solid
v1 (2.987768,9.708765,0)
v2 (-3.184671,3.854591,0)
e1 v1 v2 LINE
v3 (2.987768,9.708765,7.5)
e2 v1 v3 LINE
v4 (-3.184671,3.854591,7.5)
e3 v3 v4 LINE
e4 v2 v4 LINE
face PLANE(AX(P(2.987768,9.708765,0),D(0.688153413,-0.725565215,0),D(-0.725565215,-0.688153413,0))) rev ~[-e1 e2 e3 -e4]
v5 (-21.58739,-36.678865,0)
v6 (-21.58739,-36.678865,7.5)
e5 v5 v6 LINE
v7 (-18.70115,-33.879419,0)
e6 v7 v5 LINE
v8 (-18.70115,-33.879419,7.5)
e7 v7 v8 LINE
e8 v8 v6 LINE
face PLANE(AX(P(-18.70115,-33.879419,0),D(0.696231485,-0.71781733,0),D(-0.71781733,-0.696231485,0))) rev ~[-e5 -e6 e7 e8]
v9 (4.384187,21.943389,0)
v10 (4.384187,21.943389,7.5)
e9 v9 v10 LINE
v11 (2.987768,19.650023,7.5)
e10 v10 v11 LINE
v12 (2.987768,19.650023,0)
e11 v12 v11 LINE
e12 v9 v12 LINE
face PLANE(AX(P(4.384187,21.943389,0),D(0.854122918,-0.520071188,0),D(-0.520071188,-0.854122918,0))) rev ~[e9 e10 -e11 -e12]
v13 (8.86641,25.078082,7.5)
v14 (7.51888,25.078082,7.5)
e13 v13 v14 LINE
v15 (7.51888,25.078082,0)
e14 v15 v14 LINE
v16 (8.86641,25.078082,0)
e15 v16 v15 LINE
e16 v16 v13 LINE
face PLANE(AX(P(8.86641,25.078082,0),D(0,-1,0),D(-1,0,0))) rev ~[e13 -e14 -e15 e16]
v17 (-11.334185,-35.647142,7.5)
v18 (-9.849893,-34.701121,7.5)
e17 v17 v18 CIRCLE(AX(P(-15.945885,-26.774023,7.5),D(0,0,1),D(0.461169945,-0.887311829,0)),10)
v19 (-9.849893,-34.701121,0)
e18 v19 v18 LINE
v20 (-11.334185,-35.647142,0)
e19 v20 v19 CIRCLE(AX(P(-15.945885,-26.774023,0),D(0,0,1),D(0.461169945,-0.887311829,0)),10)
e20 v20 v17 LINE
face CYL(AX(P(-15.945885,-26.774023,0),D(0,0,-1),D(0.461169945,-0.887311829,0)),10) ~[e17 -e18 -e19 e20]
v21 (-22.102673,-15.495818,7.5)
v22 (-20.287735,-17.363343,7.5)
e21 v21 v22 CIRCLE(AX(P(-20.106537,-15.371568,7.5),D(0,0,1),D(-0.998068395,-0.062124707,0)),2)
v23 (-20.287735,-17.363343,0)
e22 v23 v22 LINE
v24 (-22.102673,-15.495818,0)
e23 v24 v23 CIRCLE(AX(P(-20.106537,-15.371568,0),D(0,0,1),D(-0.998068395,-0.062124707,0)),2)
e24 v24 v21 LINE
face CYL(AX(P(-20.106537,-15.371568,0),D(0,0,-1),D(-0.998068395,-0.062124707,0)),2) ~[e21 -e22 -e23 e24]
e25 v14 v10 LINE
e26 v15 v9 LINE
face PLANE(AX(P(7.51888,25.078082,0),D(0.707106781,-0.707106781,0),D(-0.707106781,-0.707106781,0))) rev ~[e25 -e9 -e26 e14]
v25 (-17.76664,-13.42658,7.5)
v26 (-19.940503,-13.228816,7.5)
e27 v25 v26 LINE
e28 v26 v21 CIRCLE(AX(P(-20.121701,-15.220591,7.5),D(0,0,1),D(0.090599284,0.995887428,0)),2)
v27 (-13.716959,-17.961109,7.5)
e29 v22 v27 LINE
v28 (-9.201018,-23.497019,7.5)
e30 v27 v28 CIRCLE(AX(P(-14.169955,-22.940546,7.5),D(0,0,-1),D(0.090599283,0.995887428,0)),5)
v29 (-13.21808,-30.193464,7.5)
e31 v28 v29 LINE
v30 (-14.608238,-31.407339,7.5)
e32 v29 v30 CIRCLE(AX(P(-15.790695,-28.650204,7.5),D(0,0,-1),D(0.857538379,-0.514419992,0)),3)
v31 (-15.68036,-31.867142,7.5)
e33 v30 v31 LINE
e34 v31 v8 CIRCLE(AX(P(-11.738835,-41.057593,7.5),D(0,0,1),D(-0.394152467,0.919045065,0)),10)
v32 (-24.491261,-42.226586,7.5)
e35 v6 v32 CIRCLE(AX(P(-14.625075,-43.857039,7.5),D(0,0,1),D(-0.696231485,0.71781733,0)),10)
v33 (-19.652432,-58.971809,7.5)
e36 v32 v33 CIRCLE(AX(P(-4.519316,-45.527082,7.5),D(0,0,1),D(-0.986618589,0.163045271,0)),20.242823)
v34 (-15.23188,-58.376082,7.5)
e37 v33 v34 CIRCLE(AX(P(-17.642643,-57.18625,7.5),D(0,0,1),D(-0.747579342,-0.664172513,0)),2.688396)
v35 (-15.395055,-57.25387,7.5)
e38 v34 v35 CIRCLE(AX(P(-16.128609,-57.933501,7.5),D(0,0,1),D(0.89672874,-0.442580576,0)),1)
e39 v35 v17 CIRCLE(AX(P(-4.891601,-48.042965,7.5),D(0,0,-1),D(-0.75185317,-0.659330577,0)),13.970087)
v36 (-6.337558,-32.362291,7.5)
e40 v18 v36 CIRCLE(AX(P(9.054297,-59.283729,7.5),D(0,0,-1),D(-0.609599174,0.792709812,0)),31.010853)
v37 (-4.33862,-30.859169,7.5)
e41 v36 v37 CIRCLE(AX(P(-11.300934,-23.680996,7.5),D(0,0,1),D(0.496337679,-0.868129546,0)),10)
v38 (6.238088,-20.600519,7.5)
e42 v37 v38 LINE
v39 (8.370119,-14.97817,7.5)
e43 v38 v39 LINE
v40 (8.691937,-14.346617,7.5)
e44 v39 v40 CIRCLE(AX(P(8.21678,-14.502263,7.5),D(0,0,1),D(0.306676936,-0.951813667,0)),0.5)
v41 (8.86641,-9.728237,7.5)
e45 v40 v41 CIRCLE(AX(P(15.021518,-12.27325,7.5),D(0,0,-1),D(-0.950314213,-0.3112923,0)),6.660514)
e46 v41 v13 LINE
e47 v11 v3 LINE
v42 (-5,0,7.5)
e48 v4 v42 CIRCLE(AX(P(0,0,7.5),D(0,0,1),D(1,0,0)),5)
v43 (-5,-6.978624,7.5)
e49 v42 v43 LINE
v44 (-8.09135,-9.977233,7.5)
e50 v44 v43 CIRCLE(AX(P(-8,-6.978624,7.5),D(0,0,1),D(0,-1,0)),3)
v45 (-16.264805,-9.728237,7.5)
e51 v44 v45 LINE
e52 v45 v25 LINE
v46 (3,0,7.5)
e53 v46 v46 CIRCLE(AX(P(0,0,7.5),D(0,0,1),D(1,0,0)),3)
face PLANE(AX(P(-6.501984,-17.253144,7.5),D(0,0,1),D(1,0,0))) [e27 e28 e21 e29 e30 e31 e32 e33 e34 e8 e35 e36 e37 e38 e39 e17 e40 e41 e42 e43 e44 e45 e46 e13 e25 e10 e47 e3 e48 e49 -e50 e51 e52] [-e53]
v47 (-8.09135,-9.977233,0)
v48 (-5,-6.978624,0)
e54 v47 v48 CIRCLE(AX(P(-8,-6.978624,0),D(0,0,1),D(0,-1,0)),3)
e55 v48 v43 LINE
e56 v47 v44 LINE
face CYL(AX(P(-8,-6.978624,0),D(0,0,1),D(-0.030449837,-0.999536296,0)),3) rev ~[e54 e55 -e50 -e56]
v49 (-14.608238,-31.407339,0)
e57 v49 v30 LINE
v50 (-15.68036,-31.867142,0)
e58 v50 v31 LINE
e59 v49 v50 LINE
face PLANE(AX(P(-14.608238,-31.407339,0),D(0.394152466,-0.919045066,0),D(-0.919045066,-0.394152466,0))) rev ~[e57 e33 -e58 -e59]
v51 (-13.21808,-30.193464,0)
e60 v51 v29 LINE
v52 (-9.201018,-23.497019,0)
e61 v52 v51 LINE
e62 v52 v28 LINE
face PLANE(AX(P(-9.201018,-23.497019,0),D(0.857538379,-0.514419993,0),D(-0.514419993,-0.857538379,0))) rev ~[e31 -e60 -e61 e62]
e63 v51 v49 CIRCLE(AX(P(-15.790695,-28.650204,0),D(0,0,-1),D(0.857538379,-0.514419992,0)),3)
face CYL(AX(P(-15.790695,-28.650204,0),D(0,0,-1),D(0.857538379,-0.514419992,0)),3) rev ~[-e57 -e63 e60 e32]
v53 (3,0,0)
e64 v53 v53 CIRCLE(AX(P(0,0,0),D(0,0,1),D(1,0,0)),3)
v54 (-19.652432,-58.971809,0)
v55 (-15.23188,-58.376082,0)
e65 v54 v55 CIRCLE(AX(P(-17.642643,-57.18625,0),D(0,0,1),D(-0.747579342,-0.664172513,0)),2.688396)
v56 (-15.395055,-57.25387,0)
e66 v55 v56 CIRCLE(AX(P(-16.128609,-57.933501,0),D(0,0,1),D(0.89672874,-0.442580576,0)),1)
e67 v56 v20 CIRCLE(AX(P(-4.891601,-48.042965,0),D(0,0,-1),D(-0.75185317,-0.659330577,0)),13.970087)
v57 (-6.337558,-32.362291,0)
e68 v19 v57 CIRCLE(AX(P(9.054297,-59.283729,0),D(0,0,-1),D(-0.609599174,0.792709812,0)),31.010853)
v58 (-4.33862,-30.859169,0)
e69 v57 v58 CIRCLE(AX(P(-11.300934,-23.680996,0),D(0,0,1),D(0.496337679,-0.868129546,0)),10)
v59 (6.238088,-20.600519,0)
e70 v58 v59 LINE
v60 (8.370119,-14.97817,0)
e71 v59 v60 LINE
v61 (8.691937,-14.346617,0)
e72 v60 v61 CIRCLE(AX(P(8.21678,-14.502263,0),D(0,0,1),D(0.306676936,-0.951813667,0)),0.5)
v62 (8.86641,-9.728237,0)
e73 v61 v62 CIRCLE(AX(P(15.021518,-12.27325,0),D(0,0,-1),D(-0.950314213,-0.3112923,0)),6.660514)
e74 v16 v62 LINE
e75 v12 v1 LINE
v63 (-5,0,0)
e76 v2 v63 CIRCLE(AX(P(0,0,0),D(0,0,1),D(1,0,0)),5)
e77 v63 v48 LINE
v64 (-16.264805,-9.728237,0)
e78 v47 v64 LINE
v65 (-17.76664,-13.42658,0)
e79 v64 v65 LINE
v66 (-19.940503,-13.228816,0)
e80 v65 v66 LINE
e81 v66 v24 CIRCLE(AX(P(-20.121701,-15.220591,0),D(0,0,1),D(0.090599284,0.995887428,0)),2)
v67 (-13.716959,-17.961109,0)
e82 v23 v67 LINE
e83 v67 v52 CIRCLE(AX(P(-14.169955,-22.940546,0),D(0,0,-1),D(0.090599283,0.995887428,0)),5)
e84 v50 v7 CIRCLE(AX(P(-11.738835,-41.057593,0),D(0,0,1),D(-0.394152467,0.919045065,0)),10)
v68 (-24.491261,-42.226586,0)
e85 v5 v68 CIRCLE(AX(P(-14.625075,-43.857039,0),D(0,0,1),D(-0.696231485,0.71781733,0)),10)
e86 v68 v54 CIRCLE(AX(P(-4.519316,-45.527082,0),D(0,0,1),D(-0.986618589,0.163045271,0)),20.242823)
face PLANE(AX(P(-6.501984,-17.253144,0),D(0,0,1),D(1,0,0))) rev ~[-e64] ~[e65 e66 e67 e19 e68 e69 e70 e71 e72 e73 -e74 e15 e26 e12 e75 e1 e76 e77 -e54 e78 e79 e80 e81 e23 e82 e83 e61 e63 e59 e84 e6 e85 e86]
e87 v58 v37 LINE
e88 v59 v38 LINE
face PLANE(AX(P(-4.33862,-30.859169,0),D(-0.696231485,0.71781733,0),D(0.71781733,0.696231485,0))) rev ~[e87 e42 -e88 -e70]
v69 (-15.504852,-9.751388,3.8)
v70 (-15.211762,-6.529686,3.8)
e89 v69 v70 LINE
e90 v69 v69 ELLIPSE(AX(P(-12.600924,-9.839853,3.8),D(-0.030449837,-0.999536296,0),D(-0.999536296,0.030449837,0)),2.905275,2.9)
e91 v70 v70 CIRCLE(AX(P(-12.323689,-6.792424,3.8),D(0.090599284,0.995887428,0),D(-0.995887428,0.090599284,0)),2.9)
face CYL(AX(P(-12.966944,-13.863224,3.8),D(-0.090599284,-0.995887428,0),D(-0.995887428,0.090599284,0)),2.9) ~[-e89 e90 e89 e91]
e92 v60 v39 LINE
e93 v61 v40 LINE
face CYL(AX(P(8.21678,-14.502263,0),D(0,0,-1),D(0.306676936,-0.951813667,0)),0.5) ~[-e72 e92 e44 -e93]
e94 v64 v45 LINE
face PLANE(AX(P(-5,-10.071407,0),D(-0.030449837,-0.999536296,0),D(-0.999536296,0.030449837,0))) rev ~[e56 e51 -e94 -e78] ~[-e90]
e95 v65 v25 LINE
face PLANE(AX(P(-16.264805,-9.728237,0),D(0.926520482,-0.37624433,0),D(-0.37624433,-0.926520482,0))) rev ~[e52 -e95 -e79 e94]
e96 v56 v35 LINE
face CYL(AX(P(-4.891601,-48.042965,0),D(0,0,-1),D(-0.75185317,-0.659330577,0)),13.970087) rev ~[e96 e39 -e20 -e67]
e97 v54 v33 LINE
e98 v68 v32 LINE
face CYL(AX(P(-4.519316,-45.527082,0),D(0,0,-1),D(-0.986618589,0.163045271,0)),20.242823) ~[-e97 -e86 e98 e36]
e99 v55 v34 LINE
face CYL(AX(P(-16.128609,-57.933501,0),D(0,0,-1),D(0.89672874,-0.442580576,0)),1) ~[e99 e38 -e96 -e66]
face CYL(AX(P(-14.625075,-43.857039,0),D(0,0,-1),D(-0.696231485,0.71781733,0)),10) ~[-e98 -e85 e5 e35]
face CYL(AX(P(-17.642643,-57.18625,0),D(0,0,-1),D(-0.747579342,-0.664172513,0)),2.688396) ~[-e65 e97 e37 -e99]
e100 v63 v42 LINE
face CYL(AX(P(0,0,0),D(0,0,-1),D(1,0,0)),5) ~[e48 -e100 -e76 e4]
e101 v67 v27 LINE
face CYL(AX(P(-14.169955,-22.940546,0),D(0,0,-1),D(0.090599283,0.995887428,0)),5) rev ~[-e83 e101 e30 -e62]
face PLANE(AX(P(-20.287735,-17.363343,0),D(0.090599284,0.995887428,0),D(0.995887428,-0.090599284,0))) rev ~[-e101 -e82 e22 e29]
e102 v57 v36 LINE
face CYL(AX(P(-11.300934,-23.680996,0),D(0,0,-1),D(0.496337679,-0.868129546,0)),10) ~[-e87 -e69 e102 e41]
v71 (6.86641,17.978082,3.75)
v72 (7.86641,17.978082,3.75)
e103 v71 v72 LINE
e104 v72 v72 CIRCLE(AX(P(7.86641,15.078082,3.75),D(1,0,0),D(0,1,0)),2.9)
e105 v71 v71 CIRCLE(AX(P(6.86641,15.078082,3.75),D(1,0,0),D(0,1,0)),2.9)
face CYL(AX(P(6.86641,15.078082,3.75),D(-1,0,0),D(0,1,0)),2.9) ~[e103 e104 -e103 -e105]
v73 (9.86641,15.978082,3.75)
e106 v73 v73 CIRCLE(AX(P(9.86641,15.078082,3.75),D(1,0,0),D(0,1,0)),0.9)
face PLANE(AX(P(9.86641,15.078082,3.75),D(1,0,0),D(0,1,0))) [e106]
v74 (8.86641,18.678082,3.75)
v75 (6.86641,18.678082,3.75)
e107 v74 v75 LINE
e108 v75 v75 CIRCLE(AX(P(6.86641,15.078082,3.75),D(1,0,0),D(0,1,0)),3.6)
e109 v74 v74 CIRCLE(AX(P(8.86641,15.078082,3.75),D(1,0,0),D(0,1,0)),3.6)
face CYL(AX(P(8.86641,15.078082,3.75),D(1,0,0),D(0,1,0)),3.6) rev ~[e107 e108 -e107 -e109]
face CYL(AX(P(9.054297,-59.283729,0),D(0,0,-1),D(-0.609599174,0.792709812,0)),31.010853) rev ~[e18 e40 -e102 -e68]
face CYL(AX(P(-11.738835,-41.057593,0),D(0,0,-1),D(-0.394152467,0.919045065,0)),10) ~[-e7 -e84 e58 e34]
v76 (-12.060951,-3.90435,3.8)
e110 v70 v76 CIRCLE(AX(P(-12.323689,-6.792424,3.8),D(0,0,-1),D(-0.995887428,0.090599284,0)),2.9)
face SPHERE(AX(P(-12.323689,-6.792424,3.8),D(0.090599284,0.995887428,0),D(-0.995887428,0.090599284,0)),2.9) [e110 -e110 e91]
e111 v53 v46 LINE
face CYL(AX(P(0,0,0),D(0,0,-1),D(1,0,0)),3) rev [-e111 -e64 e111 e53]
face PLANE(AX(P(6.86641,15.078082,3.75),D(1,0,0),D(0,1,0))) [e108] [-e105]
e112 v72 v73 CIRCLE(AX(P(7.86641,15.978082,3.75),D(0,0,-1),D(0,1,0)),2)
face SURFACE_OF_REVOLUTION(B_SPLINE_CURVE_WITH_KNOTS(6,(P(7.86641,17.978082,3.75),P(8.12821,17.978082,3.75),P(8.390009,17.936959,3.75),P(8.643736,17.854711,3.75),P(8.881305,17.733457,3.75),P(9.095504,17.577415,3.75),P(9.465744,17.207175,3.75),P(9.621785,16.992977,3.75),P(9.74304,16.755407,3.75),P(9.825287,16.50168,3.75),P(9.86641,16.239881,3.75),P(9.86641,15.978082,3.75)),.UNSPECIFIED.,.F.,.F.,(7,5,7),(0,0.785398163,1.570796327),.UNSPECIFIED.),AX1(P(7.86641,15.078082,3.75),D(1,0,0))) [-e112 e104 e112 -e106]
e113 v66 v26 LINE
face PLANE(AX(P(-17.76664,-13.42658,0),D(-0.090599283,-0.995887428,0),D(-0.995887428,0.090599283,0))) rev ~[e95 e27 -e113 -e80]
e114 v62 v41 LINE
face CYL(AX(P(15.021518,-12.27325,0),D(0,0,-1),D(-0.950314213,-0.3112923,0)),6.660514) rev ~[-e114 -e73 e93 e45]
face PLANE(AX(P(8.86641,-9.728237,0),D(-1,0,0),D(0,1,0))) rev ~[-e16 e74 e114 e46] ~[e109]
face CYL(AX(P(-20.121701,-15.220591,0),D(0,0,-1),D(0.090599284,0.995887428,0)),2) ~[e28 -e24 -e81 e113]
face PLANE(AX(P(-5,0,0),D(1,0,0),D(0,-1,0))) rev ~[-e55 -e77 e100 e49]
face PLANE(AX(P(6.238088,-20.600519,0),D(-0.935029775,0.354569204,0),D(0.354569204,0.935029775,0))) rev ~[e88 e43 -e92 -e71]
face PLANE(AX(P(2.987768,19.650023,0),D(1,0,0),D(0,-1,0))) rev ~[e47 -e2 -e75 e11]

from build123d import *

# Parameters (mm, degrees)
SKETCH_1_R          = 5
SKETCH_1_R_2        = 3
EXTRUDE_1_DEPTH     = 7.5
SKETCH_2_R          = 3.6
CUT_EXTRUDE_1_DEPTH = 2
SKETCH_3_R          = 2.9
EXTRUDE_2_DEPTH     = 3
FILLET_1_R          = 2
SKETCH_4_R          = 2.9
EXTRUDE_3_DEPTH     = 10
FILLET_2_R          = 2.9
FILLET_3_R          = 3


with BuildPart() as part:
    # 스케치1 → 보스-돌출1 (new body)
    # profile 1 of 5: a face of its own
    with BuildSketch(Plane.XY):
        with BuildLine():
            Line((8.866410343, 21.94338903), (4.384187039, 21.94338903))
            Line((4.384187039, 21.94338903), (2.987768149, 19.65002342))
            Line((2.987768149, 19.65002342), (2.987768149, 17.661246793))
            Line((2.987768149, 17.661246793), (2.987768149, 9.70876495))
            Line((2.987768149, 9.70876495), (-3.184671245, 3.854590647))
            ThreePointArc((-3.184671245, 3.854590647), (2.13033375, 4.523458645), (5, 0))
            ThreePointArc((5, 0), (0, -5), (-5, 0))
            Line((-5, 0), (-5, -10.071407464))
            Line((-5, -10.071407464), (-16.264805165, -9.728236855))
            Line((-16.264805165, -9.728236855), (-17.766639728, -13.42657959))
            Line((-17.766639728, -13.42657959), (-19.940502755, -13.22881584))
            ThreePointArc((-19.940502755, -13.22881584), (-21.568981751, -13.840235901), (-22.102673306, -15.49581787))
            ThreePointArc((-22.102673306, -15.49581787), (-21.54079944, -16.765444299), (-20.287735083, -17.363343312))
            Line((-20.287735083, -17.363343312), (-13.716958703, -17.9611093))
            ThreePointArc((-13.716958703, -17.9611093), (-10.295562947, -19.77999502), (-9.201017746, -23.497018692))
            Line((-9.201017746, -23.497018692), (-13.218080179, -30.193463728))
            ThreePointArc((-13.218080179, -30.193463728), (-13.817495958, -30.9099569), (-14.608237914, -31.407338947))
            Line((-14.608237914, -31.407338947), (-15.680360182, -31.867141901))
            ThreePointArc((-15.680360182, -31.867141901), (-17.282818205, -32.73507756), (-18.70115036, -33.879419256))
            Line((-18.70115036, -33.879419256), (-21.587390027, -36.678865361))
            ThreePointArc((-21.587390027, -36.678865361), (-23.484754079, -39.219572782), (-24.491261067, -42.226585957))
            ThreePointArc((-24.491261067, -42.226585957), (-23.966473892, -51.146683639), (-19.652431958, -58.971808969))
            ThreePointArc((-19.652431958, -58.971808969), (-17.283591849, -59.850561763), (-15.231880476, -58.376082064))
            ThreePointArc((-15.231880476, -58.376082064), (-15.139015744, -57.789610004), (-15.395055283, -57.253870245))
            ThreePointArc((-15.395055283, -57.253870245), (-18.621303847, -45.462540141), (-11.334185384, -35.647141528))
            ThreePointArc((-11.334185384, -35.647141528), (-10.571184727, -35.206851872), (-9.849893086, -34.701121359))
            ThreePointArc((-9.849893086, -34.701121359), (-8.133553397, -33.471894478), (-6.337557558, -32.362291125))
            ThreePointArc((-6.337557558, -32.362291125), (-5.290911527, -31.673468731), (-4.338619501, -30.85916897))
            Line((-4.338619501, -30.85916897), (6.238088337, -20.600518625))
            Line((6.238088337, -20.600518625), (8.3701186, -14.978169718))
            ThreePointArc((8.3701186, -14.978169718), (8.662275884, -14.729272874), (8.69193724, -14.346616734))
            ThreePointArc((8.69193724, -14.346616734), (8.365752146, -12.021808556), (8.866410343, -9.728236855))
            Line((8.866410343, -9.728236855), (8.866410343, 21.94338903))
        make_face()
    # profile 2 of 5: a face of its own
    with BuildSketch(Plane.XY):
        Circle(SKETCH_1_R)
        Circle(SKETCH_1_R_2, mode=Mode.SUBTRACT)
    # profile 3 of 5: a face of its own
    with BuildSketch(Plane.XY):
        with BuildLine():
            ThreePointArc((5, 0), (2.13033375, 4.523458645), (-3.184671245, 3.854590647))
            ThreePointArc((-3.184671245, 3.854590647), (-4.523458645, 2.13033375), (-5, 0))
            ThreePointArc((-5, 0), (0, -5), (5, 0))
        make_face()
        Circle(SKETCH_1_R_2, mode=Mode.SUBTRACT)
    # profile 4 of 5: a face of its own
    with BuildSketch(Plane.XY):
        Polygon((8.866410343, 25.078081763), (7.518879772, 25.078081763), (4.384187039, 21.94338903), (8.866410343, 21.94338903), align=None)
    # profile 5 of 5: a face of its own
    with BuildSketch(Plane.XY):
        with BuildLine():
            Line((8.866410343, 21.94338903), (4.384187039, 21.94338903))
            Line((4.384187039, 21.94338903), (2.987768149, 19.65002342))
            Line((2.987768149, 19.65002342), (2.987768149, 17.661246793))
            Line((2.987768149, 17.661246793), (2.987768149, 9.70876495))
            Line((2.987768149, 9.70876495), (-3.184671245, 3.854590647))
            ThreePointArc((-3.184671245, 3.854590647), (2.13033375, 4.523458645), (5, 0))
            ThreePointArc((5, 0), (0, -5), (-5, 0))
            Line((-5, 0), (-5, -10.071407464))
            Line((-5, -10.071407464), (-16.264805165, -9.728236855))
            Line((-16.264805165, -9.728236855), (-17.766639728, -13.42657959))
            Line((-17.766639728, -13.42657959), (-19.940502755, -13.22881584))
            ThreePointArc((-19.940502755, -13.22881584), (-21.568981751, -13.840235901), (-22.102673306, -15.49581787))
            ThreePointArc((-22.102673306, -15.49581787), (-21.54079944, -16.765444299), (-20.287735083, -17.363343312))
            Line((-20.287735083, -17.363343312), (-13.716958703, -17.9611093))
            ThreePointArc((-13.716958703, -17.9611093), (-10.295562947, -19.77999502), (-9.201017746, -23.497018692))
            Line((-9.201017746, -23.497018692), (-13.218080179, -30.193463728))
            ThreePointArc((-13.218080179, -30.193463728), (-13.817495958, -30.9099569), (-14.608237914, -31.407338947))
            Line((-14.608237914, -31.407338947), (-15.680360182, -31.867141901))
            ThreePointArc((-15.680360182, -31.867141901), (-17.282818205, -32.73507756), (-18.70115036, -33.879419256))
            Line((-18.70115036, -33.879419256), (-21.587390027, -36.678865361))
            ThreePointArc((-21.587390027, -36.678865361), (-23.484754079, -39.219572782), (-24.491261067, -42.226585957))
            ThreePointArc((-24.491261067, -42.226585957), (-23.966473892, -51.146683639), (-19.652431958, -58.971808969))
            ThreePointArc((-19.652431958, -58.971808969), (-17.283591849, -59.850561763), (-15.231880476, -58.376082064))
            ThreePointArc((-15.231880476, -58.376082064), (-15.139015744, -57.789610004), (-15.395055283, -57.253870245))
            ThreePointArc((-15.395055283, -57.253870245), (-18.621303847, -45.462540141), (-11.334185384, -35.647141528))
            ThreePointArc((-11.334185384, -35.647141528), (-10.571184727, -35.206851872), (-9.849893086, -34.701121359))
            ThreePointArc((-9.849893086, -34.701121359), (-8.133553397, -33.471894478), (-6.337557558, -32.362291125))
            ThreePointArc((-6.337557558, -32.362291125), (-5.290911527, -31.673468731), (-4.338619501, -30.85916897))
            Line((-4.338619501, -30.85916897), (6.238088337, -20.600518625))
            Line((6.238088337, -20.600518625), (8.3701186, -14.978169718))
            ThreePointArc((8.3701186, -14.978169718), (8.662275884, -14.729272874), (8.69193724, -14.346616734))
            ThreePointArc((8.69193724, -14.346616734), (8.365752146, -12.021808556), (8.866410343, -9.728236855))
            Line((8.866410343, -9.728236855), (8.866410343, 21.94338903))
        make_face()
    extrude(amount=EXTRUDE_1_DEPTH)

    # 스케치2 → 컷-돌출1 (cut)
    with BuildSketch(Plane(origin=(8.866410343, 0, 0), x_dir=(0, 0, -1), z_dir=(1, 0, 0))):
        with Locations(Location((-3.75, 15.078081763, 0), (0, 0, 90))):
            Circle(SKETCH_2_R)
    extrude(amount=-CUT_EXTRUDE_1_DEPTH, mode=Mode.SUBTRACT)

    # 스케치3 → 보스-돌출2 (add)
    with BuildSketch(Plane(origin=(6.866410343, 0, 0), x_dir=(0, 0, -1), z_dir=(1, 0, 0))):
        with Locations(Location((-3.75, 15.078081763, 0), (0, 0, 90))):
            Circle(SKETCH_3_R)
    extrude(amount=EXTRUDE_2_DEPTH)

    # 필렛1
    fillet_1_edges = [part.edges().sort_by_distance(p)[0] for p in [
        (9.866410343, 12.178081763, 3.75),
    ]]
    fillet(fillet_1_edges, radius=FILLET_1_R)

    # 스케치4 → 보스-돌출3 (add)
    with BuildSketch(Plane(origin=(-1.357268469, -14.919396185, 0), x_dir=(0.995887428286197, -0.09059928355955607, 0), z_dir=(0.09059928355955607, 0.995887428286197, 0))):
        with Locations(Location((-11.657618139, -3.8, 0), (0, 0, 180))):
            Circle(SKETCH_4_R)
    extrude(amount=EXTRUDE_3_DEPTH)

    # 필렛2
    fillet_2_edges = [part.edges().sort_by_distance(p)[0] for p in [
        (-9.17287744, -4.167087973, 3.8),
    ]]
    fillet(fillet_2_edges, radius=FILLET_2_R)

    # 필렛3
    fillet_3_edges = [part.edges().sort_by_distance(p)[0] for p in [
        (-5, -10.071407464, 3.75),
    ]]
    fillet(fillet_3_edges, radius=FILLET_3_R)


solid = part.part
